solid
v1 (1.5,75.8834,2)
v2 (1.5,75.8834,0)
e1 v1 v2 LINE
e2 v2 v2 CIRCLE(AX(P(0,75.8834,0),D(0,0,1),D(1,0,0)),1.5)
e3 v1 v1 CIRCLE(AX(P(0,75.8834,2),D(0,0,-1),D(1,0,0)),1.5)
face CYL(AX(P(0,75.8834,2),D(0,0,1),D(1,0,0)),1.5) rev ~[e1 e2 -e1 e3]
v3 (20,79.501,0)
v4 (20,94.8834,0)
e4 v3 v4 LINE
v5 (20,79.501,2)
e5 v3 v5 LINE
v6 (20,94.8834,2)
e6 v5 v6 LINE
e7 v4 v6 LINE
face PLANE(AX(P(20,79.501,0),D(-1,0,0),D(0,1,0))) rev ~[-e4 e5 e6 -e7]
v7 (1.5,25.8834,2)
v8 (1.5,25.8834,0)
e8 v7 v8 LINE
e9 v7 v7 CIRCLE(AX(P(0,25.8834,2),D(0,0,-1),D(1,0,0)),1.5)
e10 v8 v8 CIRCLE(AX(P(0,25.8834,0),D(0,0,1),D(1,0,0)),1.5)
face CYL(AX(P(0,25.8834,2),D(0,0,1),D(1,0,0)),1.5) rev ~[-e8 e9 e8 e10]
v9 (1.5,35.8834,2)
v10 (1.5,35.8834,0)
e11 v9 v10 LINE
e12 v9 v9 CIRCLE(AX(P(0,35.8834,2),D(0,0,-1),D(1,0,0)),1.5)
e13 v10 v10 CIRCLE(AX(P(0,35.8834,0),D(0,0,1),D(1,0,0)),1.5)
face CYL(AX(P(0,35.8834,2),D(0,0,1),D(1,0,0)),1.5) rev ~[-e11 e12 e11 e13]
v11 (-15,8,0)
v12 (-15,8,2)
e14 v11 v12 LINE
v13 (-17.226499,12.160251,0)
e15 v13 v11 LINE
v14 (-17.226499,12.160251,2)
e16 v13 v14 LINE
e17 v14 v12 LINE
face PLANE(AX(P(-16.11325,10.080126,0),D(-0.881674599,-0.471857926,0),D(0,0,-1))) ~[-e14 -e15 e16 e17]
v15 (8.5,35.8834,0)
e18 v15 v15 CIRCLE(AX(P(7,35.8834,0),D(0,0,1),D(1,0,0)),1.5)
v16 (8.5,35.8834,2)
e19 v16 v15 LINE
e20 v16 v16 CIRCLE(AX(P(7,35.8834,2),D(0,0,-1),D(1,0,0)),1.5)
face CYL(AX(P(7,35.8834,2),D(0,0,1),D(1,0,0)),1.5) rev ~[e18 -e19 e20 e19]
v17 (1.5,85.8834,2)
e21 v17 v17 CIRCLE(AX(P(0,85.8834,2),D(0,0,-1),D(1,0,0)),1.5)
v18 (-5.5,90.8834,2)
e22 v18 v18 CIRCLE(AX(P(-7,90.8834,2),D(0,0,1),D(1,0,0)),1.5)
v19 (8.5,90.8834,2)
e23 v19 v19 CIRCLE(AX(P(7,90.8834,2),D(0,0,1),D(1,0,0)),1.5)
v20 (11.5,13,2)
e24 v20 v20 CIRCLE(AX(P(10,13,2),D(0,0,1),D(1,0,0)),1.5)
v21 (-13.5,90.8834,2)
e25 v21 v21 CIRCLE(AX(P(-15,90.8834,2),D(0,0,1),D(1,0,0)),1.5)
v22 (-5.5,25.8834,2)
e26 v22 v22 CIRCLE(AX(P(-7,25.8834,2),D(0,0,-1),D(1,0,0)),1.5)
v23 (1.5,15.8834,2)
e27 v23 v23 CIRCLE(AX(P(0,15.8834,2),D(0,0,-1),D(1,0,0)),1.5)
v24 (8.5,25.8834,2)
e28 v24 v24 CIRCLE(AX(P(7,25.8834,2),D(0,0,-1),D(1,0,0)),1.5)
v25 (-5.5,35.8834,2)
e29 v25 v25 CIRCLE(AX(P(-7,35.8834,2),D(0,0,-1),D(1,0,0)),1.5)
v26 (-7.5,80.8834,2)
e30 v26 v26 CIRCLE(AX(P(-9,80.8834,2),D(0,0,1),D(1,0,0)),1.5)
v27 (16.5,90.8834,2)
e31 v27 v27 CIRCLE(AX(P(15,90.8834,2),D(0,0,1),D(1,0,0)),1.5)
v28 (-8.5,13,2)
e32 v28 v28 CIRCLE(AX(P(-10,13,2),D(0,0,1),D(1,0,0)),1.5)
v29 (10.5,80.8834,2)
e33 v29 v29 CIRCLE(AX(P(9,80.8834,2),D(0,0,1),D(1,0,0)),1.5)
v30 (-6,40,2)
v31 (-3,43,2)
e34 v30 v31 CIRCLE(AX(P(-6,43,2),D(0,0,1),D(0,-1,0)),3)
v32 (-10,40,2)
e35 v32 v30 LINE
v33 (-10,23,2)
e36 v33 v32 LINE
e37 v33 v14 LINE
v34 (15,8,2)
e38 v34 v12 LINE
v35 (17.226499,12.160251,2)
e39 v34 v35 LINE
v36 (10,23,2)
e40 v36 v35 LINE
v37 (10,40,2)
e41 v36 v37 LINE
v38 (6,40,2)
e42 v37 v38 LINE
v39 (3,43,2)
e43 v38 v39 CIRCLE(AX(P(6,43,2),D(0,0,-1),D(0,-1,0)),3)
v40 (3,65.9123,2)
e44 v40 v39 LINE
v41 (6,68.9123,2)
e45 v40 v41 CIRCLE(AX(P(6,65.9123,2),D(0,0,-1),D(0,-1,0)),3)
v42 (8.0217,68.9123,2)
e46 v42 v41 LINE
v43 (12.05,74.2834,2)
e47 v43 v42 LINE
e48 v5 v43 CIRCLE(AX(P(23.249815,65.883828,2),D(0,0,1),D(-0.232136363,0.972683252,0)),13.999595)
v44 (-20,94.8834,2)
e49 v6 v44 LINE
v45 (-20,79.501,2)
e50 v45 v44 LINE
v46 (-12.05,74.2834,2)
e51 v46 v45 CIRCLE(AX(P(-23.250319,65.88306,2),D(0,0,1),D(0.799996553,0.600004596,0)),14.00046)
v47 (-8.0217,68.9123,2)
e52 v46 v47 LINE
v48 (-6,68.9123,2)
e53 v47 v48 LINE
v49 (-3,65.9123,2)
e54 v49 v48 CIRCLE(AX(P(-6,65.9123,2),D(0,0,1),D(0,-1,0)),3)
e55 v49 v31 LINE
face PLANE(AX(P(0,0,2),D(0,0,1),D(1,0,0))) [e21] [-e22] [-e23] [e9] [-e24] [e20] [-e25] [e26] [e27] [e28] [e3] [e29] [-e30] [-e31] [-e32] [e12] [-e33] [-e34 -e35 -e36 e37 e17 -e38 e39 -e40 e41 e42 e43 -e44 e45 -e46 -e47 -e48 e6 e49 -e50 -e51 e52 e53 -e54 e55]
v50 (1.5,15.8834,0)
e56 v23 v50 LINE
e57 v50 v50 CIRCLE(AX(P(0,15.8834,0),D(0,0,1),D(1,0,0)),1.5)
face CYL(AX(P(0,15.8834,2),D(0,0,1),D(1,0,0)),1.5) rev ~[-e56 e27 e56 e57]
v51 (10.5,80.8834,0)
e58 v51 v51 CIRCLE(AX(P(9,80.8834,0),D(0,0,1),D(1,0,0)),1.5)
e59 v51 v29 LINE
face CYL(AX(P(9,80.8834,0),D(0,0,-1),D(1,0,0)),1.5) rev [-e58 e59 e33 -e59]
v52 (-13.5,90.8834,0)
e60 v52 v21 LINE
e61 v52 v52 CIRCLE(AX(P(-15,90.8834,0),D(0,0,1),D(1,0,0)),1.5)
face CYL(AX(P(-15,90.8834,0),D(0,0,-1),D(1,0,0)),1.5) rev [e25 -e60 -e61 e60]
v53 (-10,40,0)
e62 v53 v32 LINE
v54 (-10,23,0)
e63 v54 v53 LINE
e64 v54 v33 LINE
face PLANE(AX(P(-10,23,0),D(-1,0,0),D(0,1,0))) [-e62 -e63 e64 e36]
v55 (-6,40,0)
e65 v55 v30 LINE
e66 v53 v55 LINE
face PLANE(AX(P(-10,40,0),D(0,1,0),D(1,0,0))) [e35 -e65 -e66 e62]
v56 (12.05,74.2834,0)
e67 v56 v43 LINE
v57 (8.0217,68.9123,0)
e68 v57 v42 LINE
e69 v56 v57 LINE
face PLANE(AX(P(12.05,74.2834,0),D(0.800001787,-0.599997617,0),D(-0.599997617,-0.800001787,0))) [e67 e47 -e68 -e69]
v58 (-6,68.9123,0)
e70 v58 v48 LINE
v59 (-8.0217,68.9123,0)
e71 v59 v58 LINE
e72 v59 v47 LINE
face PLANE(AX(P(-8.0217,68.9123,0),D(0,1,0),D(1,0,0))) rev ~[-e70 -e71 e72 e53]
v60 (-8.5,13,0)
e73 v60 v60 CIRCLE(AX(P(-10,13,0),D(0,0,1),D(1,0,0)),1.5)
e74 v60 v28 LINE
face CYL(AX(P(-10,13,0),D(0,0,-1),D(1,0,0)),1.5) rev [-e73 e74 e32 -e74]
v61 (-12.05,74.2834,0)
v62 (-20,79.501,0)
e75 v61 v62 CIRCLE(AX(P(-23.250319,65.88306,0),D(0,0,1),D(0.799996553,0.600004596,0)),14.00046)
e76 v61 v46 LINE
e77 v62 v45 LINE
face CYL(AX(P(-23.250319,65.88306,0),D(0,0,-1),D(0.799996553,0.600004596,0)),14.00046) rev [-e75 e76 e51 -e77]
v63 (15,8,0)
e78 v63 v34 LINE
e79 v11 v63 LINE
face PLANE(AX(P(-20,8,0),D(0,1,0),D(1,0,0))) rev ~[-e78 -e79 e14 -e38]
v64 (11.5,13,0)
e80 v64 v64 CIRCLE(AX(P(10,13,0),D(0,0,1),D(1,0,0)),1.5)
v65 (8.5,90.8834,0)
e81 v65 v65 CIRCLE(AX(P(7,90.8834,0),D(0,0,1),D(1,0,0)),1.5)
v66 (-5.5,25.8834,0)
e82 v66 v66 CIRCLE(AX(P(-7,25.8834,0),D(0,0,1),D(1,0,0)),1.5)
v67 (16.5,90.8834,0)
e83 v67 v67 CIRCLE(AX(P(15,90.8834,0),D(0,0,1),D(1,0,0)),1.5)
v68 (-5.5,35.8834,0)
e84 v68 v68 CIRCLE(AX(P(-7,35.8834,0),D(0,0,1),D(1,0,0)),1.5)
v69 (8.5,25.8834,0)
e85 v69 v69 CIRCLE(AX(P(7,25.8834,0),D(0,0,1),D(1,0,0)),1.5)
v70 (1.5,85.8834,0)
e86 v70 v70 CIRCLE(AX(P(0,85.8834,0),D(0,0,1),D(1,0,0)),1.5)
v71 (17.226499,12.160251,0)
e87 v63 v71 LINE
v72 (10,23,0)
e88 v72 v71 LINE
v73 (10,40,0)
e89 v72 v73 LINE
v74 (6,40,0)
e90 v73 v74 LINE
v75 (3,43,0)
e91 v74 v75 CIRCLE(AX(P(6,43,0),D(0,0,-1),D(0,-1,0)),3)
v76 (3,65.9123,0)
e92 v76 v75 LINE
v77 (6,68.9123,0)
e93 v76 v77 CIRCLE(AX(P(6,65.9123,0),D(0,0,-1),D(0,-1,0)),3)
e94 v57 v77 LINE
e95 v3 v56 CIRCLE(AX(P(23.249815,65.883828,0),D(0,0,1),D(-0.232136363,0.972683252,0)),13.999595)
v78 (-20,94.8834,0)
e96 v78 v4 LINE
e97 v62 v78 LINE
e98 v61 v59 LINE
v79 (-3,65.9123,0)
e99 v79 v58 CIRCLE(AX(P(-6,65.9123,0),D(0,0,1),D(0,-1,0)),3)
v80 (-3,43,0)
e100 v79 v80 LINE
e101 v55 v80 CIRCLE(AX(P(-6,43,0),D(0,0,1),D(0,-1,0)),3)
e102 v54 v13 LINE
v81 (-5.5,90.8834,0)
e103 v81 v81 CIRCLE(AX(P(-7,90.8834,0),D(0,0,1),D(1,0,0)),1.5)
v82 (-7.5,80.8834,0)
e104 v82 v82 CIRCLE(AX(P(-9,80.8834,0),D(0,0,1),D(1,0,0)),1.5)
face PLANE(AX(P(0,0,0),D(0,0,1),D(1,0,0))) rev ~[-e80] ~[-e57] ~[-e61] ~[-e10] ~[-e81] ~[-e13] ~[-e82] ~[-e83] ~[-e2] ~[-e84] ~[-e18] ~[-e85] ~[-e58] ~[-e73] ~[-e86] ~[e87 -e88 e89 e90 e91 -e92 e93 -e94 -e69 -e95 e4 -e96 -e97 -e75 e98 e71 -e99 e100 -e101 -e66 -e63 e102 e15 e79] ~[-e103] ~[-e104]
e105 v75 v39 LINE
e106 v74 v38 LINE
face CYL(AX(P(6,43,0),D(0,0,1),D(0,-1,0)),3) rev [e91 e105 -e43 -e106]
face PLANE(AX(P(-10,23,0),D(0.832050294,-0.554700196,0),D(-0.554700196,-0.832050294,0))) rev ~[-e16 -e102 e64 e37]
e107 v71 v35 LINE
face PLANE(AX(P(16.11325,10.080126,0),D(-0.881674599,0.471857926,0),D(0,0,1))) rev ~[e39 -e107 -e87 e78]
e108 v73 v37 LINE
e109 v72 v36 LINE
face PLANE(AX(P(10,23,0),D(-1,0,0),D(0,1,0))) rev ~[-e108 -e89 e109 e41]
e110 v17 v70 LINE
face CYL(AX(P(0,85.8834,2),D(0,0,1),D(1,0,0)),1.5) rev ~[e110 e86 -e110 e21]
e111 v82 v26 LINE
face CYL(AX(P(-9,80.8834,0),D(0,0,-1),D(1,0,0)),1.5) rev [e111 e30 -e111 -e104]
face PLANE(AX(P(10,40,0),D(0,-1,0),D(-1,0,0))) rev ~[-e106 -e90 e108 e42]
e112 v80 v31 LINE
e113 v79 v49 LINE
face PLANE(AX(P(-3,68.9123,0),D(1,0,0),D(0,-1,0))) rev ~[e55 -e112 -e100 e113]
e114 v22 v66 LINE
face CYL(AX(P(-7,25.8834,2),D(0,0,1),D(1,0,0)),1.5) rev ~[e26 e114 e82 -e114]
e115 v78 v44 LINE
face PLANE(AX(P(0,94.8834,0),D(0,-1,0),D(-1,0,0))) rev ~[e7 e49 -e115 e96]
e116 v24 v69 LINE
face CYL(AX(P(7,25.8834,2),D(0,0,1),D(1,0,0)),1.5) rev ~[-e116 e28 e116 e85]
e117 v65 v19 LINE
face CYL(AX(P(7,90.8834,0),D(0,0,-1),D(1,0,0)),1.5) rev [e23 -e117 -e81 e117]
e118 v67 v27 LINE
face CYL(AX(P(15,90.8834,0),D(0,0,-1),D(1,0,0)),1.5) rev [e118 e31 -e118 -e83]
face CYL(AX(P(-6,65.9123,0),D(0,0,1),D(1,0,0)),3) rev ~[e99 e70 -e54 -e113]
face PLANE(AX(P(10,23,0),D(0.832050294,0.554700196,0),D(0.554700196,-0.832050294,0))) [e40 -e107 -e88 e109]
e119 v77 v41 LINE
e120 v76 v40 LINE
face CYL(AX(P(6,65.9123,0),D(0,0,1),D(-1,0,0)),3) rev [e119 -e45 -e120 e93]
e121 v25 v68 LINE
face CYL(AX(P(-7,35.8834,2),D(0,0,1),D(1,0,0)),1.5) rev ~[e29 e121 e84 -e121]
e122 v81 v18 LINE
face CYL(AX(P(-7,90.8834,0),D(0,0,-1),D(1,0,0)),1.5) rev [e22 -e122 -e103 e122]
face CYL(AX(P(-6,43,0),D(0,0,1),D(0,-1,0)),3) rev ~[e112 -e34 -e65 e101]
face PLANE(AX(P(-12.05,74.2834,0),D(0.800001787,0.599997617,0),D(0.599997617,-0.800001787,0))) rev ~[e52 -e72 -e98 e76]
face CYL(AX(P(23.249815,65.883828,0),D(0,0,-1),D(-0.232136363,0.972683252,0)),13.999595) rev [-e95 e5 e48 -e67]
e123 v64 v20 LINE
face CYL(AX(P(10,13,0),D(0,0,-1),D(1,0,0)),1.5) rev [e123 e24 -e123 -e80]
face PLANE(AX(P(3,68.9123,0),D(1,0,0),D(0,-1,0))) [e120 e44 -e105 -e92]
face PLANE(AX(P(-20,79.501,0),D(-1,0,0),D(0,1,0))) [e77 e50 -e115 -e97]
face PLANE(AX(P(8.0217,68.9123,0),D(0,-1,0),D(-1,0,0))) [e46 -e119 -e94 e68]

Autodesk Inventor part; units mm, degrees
ref_plane "YZ Plane" through (0, 0, 0) normal (1, 0, 0) x (0, 1, 0)
ref_plane "XZ Plane" through (0, 0, 0) normal (0, 1, 0) x (-1, 0, 0)
ref_plane "XY Plane" through (0, 0, 0) normal (0, 0, 1) x (1, 0, 0)
sketch "Sketch1" plane through (0, 0, 0) normal (0, 0, 1) x (1, 0, 0)
  circle A0 centre (-14, 4) radius 1.5 projected
  circle A1 centre (-10, 13) radius 1.5 projected
  circle A2 centre (-7, 4) radius 1.5 projected
  line L0 (-20, 0) -> (-20, 8) projected
  line L1 (0, 0) -> (-20, 0) projected
  line L2 (0, 40) -> (0, 0) projected
  line L3 (-10, 40) -> (0, 40) projected
  line L4 (-10, 23) -> (-10, 40) projected
  line L5 (-10, 23) -> (-20, 8) projected
  circle A3 centre (14, 4) radius 1.5 projected
  circle A4 centre (10, 13) radius 1.5 projected
  circle A5 centre (7, 4) radius 1.5 projected
  line L6 (20, 0) -> (20, 8) projected
  line L7 (10, 23) -> (20, 8) projected
  line L8 (10, 23) -> (10, 40) projected
  line L9 (10, 40) -> (0, 40) projected
  line L10 (0, 40) -> (0, 0) projected
  line L11 (0, 0) -> (20, 0) projected
  line L12 (3, 84.8834) -> (-3, 84.8834) projected
  line L13 (-3, 84.8834) -> (-3, -165.1166) projected
  line L14 (3, -165.1166) -> (-3, -165.1166) projected
  line L15 (3, 84.8834) -> (3, -165.1166) projected
  circle A6 centre (-9, 80.8834) radius 1.5 projected
  circle A7 centre (-7, 90.8834) radius 1.5 projected
  circle A8 centre (-15, 90.8834) radius 1.5 projected
  line L16 (-12.05, 74.2834) -> (-8.0217, 68.9123) projected
  line L17 (-8.0217, 68.9123) -> (0, 68.9123) projected
  line L18 (0, 94.8834) -> (0, 68.9123) projected
  line L19 (0, 94.8834) -> (-20, 94.8834) projected
  line L20 (-20, 79.501) -> (-20, 94.8834) projected
  arc A9 (-12.05, 74.2834) -> (-20, 79.501) centre (-23.25, 65.8834) ccw projected
  line L21 (3, 94.8834) -> (3, 68.9123) projected
  circle A10 centre (9, 80.8834) radius 1.5 projected
  circle A11 centre (7, 90.8834) radius 1.5 projected
  circle A12 centre (15, 90.8834) radius 1.5 projected
  line L22 (12.05, 74.2834) -> (8.0217, 68.9123) projected
  arc A13 (20, 79.501) -> (12.05, 74.2834) centre (23.25, 65.8834) ccw projected
  line L23 (20, 79.501) -> (20, 94.8834) projected
  line L24 (0, 94.8834) -> (20, 94.8834) projected
  line L25 (0, 94.8834) -> (0, 68.9123) projected
  line L26 (8.0217, 68.9123) -> (0, 68.9123) projected
  line L27 (-20, 8) -> (20, 8)
  line L28 (-3, 40) -> (3, 40)
  line L29 (3, 40) -> (3, 68.9123)
  line L30 (3, 68.9123) -> (-3, 68.9123)
  line L31 (-3, 68.9123) -> (-3, 40)
  point P0 (3, 40)
  point P1 (-3, 68.9123)
extrude "Extrusion1" add sketch "Sketch1" along normal blind 2 contours L5 L4 L3 L13 L27 | L13 L3 L2 L27 | L13 L17 L26 L15 L9 L3 | L2 L9 L15 L27 | L17 L16 A9 L20 L19 L18 L12 L13 | L13 L12 L18 L17 | L15 L9 L8 L7 L27 | L18 L12 L15 L26 | L15 L21 L24 L23 A13 L22 L26 | L18 L24 L21 L12
chamfer "Chamfer1" distance 5 angle 45 2 edges at (20, 8, 1) (-20, 8, 1)
fillet "Fillet1" radius 3 4 edges at (3, 40, 1) (-3, 40, 1) (-3, 68.9123, 1) (3, 68.9123, 1)
sketch "Sketch2" plane through (0, 0, 2) normal (0, 0, 1) x (1, 0, 0)
  line L0 (-15, 8) -> (-17.2265, 12.1603) projected
  line L1 (-15, 8) -> (15, 8) projected
  line L2 (17.2265, 12.1603) -> (15, 8) projected
  line L3 (17.2265, 12.1603) -> (10, 23) projected
  line L4 (10, 23) -> (10, 40) projected
  line L5 (10, 40) -> (6, 40) projected
  arc A0 (3, 43) -> (6, 40) centre (6, 43) ccw projected
  line L6 (3, 43) -> (3, 65.9123) projected
  arc A1 (6, 68.9123) -> (3, 65.9123) centre (6, 65.9123) ccw projected
  line L7 (6, 68.9123) -> (8.0217, 68.9123) projected
  line L8 (8.0217, 68.9123) -> (12.05, 74.2834) projected
  arc A2 (20, 79.501) -> (12.05, 74.2834) centre (23.25, 65.8834) ccw projected
  line L9 (20, 79.501) -> (20, 94.8834) projected
  line L10 (20, 94.8834) -> (-20, 94.8834) projected
  line L11 (-20, 94.8834) -> (-20, 79.501) projected
  arc A3 (-12.05, 74.2834) -> (-20, 79.501) centre (-23.25, 65.8834) ccw projected
  line L12 (-12.05, 74.2834) -> (-8.0217, 68.9123) projected
  line L13 (-8.0217, 68.9123) -> (-6, 68.9123) projected
  arc A4 (-3, 65.9123) -> (-6, 68.9123) centre (-6, 65.9123) ccw projected
  line L14 (-3, 65.9123) -> (-3, 43) projected
  arc A5 (-6, 40) -> (-3, 43) centre (-6, 43) ccw projected
  line L15 (-6, 40) -> (-10, 40) projected
  line L16 (-10, 40) -> (-10, 23) projected
  line L17 (-10, 23) -> (-17.2265, 12.1603) projected
  circle A6 centre (10, 13) radius 1.5 projected
  circle A7 centre (7, 90.8834) radius 1.5 projected
  circle A8 centre (9, 80.8834) radius 1.5 projected
  circle A9 centre (15, 90.8834) radius 1.5 projected
  circle A10 centre (-9, 80.8834) radius 1.5 projected
  circle A11 centre (-7, 90.8834) radius 1.5 projected
  circle A12 centre (-15, 90.8834) radius 1.5 projected
  circle A13 centre (-10, 13) radius 1.5 projected
  circle A14 centre (7, 90.8834) radius 1.5 projected
  line L18 (7, 90.8834) -> (7, 35.8834)
  line L19 (7, 35.8834) -> (7, 25.8834)
  circle A15 centre (7, 35.8834) radius 1.5
  circle A16 centre (7, 25.8834) radius 1.5
  circle A17 centre (-7, 90.8834) radius 1.5 projected
  line L20 (-7, 90.8834) -> (-7, 35.8834)
  line L21 (-7, 35.8834) -> (-7, 25.8834)
  circle A18 centre (-7, 35.8834) radius 1.5
  circle A19 centre (-7, 25.8834) radius 1.5
  line L22 (-7, 35.8834) -> (7, 35.8834)
  line L23 (-7, 25.8834) -> (7, 25.8834)
  circle A20 centre (0, 35.8834) radius 1.5
  circle A21 centre (0, 25.8834) radius 1.5
  line L24 (0, 25.8834) -> (0, 15.8834)
  circle A22 centre (0, 15.8834) radius 1.5
  line L25 (0, 35.8834) -> (0, 75.8834)
  line L26 (0, 75.8834) -> (0, 85.8834)
  circle A23 centre (0, 85.8834) radius 1.5
  circle A24 centre (0, 75.8834) radius 1.5
  point P0 (0, 0)
  dimension "d6" = 55
  dimension "d7" = 10
  dimension "d8" = 3
  dimension "d9" = 3
  dimension "d10" = 55
  dimension "d11" = 10
  dimension "d12" = 3
  dimension "d13" = 3
  dimension "d14" = 3
  dimension "d15" = 3
  dimension "d16" = 10
  dimension "d17" = 3
  dimension "d18" = 40
  dimension "d19" = 10
  dimension "d20" = 3
  dimension "d21" = 3
extrude "Extrusion2" cut sketch "Sketch2" against normal blind 10 contours A22 | A23 | A24 L26 L25 | L25 L26 A24 | A18 L22 L20 | L20 L21 A18 | L22 A18 L21 | A15 L19 L18 | L18 L22 A15 | A20 L25 L22 | L22 A20 | A19 L23 L21 | L21 L23 A19 | L19 A15 L22 | L25 A20 L22 | A21 L23 | L23 L24 A21 | A16 L23 L19 | L19 L23 A16 | L23 A21 L24
properties part number "body_bone_4"
